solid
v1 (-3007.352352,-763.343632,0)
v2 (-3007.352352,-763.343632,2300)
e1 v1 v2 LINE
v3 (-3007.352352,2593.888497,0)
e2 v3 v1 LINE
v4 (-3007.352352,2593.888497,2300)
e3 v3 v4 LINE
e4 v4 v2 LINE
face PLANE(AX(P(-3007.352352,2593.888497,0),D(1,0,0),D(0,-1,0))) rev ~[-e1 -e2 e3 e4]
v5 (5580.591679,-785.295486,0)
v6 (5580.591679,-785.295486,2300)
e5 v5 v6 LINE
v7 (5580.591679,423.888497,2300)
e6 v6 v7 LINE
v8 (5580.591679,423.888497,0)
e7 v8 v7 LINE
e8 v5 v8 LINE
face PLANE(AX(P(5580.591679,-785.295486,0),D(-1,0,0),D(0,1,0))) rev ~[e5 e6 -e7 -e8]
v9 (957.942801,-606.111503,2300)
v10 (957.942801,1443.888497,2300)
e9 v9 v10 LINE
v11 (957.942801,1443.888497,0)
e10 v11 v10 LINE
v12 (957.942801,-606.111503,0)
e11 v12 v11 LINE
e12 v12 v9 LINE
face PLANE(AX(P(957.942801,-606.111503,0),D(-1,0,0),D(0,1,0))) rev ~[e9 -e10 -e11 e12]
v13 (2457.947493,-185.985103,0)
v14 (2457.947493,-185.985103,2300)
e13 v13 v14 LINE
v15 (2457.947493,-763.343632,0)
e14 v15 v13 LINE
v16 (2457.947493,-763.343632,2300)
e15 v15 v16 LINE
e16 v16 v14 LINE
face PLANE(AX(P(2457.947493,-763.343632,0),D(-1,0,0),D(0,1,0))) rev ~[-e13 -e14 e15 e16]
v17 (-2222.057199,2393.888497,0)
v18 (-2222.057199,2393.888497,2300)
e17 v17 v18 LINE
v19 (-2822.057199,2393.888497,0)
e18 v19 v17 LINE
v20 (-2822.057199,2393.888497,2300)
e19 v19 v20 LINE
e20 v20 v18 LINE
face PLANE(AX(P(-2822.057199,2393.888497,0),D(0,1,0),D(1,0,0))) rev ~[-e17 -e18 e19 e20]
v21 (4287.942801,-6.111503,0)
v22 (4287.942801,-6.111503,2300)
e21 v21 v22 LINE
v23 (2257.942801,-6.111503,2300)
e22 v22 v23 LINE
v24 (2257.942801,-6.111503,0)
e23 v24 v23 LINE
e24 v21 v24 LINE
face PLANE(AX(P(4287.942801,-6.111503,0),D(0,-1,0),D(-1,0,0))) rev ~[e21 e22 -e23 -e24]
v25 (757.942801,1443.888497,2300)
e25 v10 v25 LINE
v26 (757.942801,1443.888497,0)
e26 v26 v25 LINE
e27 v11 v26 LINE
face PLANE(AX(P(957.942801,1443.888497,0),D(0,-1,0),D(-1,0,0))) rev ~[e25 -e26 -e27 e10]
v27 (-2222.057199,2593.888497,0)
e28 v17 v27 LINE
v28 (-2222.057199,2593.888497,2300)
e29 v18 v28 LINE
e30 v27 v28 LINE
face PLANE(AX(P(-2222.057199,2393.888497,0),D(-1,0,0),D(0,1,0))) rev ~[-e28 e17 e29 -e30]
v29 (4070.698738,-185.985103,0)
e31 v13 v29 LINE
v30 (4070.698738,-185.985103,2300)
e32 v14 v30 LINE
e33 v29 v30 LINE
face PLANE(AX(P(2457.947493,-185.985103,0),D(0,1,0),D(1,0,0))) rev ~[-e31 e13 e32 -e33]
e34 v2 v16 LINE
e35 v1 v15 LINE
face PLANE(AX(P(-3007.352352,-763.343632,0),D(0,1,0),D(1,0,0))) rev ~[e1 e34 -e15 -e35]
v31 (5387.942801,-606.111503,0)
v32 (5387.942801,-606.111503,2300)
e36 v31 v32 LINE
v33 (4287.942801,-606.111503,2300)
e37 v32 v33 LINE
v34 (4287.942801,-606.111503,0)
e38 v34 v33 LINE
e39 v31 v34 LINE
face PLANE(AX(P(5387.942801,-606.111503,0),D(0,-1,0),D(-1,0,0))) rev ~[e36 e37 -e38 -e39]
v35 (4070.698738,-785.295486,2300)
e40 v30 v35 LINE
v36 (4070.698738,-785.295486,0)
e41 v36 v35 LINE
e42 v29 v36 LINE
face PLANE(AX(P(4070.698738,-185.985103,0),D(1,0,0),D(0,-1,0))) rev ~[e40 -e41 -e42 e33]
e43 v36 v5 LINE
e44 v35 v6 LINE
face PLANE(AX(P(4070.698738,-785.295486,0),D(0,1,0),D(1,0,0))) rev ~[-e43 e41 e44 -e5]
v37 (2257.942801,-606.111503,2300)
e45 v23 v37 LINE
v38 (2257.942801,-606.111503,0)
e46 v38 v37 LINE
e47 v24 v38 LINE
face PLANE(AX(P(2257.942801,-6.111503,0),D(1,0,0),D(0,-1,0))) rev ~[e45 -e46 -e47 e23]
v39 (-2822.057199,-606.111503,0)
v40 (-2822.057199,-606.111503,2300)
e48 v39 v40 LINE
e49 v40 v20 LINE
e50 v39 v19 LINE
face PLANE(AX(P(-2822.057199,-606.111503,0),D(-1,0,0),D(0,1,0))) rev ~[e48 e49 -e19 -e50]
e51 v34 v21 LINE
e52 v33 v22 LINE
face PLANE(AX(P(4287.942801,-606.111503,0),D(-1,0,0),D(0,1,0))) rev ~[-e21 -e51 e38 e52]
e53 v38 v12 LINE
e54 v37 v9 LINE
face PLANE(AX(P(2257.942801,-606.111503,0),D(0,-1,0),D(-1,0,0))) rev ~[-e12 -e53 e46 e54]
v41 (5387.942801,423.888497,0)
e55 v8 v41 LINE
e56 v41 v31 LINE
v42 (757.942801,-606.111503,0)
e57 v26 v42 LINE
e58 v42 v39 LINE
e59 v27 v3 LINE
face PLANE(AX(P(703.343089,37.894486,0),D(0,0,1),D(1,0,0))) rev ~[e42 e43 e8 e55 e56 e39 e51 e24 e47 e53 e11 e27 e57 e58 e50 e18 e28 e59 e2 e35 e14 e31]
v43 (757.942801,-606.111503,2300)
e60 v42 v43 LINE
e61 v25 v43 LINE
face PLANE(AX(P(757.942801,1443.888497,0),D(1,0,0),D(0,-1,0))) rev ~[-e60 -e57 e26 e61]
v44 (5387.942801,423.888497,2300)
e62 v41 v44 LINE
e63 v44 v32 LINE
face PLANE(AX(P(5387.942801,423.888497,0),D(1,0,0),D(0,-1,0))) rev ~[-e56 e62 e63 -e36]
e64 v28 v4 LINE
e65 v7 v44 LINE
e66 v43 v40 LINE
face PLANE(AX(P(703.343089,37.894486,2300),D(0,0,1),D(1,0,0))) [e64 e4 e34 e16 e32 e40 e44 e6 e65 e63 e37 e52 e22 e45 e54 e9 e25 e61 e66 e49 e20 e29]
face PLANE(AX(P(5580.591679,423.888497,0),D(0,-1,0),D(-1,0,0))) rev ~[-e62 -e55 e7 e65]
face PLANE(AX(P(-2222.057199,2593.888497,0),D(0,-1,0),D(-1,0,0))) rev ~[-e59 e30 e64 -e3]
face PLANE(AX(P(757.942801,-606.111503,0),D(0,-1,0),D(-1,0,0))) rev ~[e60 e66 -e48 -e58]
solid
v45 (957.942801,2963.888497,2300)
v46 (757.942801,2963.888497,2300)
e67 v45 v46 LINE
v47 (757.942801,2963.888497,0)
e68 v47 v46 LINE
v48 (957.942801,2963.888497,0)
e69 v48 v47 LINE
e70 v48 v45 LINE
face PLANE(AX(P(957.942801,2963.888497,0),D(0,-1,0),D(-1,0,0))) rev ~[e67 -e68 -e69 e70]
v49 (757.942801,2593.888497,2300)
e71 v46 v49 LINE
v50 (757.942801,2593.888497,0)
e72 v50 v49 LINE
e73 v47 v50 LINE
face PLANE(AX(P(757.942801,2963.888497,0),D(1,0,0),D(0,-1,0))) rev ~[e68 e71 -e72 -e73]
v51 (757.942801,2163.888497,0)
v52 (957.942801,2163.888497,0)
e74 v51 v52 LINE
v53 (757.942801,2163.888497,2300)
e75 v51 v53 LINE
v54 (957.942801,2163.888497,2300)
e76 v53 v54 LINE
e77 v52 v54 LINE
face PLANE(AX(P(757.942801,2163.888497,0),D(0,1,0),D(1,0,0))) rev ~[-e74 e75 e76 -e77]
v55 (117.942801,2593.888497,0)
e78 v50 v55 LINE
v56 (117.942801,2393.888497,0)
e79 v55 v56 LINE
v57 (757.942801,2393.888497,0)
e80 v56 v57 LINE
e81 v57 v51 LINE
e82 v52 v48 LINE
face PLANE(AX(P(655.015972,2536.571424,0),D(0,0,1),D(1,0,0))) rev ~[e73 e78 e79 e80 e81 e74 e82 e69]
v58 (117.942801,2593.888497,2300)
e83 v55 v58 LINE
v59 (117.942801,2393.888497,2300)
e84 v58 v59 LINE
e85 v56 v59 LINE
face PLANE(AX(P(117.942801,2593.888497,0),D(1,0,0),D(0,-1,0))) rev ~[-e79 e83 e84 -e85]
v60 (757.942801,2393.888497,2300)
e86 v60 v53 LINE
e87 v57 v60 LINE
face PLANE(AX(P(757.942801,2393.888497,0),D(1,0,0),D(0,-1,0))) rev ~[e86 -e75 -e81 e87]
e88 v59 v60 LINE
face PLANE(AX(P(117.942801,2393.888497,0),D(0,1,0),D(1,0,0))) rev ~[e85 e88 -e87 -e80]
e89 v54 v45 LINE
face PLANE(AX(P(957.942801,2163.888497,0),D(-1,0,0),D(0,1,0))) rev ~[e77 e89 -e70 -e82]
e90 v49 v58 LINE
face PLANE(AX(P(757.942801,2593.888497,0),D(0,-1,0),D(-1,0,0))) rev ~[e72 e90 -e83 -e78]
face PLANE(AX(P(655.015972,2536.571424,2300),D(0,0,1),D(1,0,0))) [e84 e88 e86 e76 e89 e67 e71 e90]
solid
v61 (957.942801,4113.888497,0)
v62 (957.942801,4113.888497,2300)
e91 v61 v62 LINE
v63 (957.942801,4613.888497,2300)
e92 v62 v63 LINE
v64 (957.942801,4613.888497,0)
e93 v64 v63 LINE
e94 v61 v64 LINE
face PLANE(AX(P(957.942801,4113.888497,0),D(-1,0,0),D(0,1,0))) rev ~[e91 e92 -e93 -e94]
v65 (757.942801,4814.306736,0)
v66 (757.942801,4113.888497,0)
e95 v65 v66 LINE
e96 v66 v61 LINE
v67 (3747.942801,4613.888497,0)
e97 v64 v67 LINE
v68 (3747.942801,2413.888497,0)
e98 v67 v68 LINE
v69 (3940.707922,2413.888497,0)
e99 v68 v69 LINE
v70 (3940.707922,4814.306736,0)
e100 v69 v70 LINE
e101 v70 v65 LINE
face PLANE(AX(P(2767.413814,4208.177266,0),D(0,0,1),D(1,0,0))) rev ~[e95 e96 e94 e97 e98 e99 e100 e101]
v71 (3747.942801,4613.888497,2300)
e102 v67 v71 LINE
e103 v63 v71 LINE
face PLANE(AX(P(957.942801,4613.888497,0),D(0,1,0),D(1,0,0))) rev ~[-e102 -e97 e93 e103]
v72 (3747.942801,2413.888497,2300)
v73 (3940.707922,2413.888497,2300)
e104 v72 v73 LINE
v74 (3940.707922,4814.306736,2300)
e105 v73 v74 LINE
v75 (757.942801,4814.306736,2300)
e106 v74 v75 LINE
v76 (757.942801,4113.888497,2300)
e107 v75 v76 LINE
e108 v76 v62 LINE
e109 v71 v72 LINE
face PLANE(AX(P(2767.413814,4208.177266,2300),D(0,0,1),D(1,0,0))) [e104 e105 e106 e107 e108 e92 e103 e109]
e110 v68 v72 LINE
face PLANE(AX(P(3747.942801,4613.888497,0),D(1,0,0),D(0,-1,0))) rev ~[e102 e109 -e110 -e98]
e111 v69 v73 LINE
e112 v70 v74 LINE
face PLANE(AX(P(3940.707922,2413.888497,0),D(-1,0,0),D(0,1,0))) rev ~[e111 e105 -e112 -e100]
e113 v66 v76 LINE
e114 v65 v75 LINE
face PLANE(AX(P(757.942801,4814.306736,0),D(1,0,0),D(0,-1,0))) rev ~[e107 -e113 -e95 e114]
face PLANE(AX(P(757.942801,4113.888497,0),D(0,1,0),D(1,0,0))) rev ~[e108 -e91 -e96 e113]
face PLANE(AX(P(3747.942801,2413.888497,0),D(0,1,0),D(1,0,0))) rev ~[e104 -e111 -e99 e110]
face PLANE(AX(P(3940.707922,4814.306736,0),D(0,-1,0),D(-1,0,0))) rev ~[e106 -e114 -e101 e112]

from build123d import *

# Parameters (mm, degrees)
F1_DEPTH = 2300


with BuildPart() as f1:
    # F0 (on Top) → F1 (new body)
    with BuildSketch(Plane.XY):
        Polygon((-2222.057199, 2393.888497), (-2222.057199, 2593.888497), (-3007.352352, 2593.888497), (-3007.352352, -763.343632), (2457.947493, -763.343632), (2457.947493, -185.985103), (4070.698738, -185.985103), (4070.698738, -785.295486), (5580.591679, -785.295486), (5580.591679, 423.888497), (5387.942801, 423.888497), (5387.942801, -606.111503), (4287.942801, -606.111503), (4287.942801, -6.111503), (2257.942801, -6.111503), (2257.942801, -606.111503), (957.942801, -606.111503), (957.942801, 1443.888497), (757.942801, 1443.888497), (757.942801, -606.111503), (-2822.057199, -606.111503), (-2822.057199, 2393.888497), align=None)
        Polygon((957.942801, 2963.888497), (757.942801, 2963.888497), (757.942801, 2593.888497), (117.942801, 2593.888497), (117.942801, 2393.888497), (757.942801, 2393.888497), (757.942801, 2163.888497), (957.942801, 2163.888497), align=None)
        Polygon((3747.942801, 4613.888497), (3747.942801, 2413.888497), (3940.707922, 2413.888497), (3940.707922, 4814.306736), (757.942801, 4814.306736), (757.942801, 4113.888497), (957.942801, 4113.888497), (957.942801, 4613.888497), align=None)
    extrude(amount=F1_DEPTH)


solid = f1.part
